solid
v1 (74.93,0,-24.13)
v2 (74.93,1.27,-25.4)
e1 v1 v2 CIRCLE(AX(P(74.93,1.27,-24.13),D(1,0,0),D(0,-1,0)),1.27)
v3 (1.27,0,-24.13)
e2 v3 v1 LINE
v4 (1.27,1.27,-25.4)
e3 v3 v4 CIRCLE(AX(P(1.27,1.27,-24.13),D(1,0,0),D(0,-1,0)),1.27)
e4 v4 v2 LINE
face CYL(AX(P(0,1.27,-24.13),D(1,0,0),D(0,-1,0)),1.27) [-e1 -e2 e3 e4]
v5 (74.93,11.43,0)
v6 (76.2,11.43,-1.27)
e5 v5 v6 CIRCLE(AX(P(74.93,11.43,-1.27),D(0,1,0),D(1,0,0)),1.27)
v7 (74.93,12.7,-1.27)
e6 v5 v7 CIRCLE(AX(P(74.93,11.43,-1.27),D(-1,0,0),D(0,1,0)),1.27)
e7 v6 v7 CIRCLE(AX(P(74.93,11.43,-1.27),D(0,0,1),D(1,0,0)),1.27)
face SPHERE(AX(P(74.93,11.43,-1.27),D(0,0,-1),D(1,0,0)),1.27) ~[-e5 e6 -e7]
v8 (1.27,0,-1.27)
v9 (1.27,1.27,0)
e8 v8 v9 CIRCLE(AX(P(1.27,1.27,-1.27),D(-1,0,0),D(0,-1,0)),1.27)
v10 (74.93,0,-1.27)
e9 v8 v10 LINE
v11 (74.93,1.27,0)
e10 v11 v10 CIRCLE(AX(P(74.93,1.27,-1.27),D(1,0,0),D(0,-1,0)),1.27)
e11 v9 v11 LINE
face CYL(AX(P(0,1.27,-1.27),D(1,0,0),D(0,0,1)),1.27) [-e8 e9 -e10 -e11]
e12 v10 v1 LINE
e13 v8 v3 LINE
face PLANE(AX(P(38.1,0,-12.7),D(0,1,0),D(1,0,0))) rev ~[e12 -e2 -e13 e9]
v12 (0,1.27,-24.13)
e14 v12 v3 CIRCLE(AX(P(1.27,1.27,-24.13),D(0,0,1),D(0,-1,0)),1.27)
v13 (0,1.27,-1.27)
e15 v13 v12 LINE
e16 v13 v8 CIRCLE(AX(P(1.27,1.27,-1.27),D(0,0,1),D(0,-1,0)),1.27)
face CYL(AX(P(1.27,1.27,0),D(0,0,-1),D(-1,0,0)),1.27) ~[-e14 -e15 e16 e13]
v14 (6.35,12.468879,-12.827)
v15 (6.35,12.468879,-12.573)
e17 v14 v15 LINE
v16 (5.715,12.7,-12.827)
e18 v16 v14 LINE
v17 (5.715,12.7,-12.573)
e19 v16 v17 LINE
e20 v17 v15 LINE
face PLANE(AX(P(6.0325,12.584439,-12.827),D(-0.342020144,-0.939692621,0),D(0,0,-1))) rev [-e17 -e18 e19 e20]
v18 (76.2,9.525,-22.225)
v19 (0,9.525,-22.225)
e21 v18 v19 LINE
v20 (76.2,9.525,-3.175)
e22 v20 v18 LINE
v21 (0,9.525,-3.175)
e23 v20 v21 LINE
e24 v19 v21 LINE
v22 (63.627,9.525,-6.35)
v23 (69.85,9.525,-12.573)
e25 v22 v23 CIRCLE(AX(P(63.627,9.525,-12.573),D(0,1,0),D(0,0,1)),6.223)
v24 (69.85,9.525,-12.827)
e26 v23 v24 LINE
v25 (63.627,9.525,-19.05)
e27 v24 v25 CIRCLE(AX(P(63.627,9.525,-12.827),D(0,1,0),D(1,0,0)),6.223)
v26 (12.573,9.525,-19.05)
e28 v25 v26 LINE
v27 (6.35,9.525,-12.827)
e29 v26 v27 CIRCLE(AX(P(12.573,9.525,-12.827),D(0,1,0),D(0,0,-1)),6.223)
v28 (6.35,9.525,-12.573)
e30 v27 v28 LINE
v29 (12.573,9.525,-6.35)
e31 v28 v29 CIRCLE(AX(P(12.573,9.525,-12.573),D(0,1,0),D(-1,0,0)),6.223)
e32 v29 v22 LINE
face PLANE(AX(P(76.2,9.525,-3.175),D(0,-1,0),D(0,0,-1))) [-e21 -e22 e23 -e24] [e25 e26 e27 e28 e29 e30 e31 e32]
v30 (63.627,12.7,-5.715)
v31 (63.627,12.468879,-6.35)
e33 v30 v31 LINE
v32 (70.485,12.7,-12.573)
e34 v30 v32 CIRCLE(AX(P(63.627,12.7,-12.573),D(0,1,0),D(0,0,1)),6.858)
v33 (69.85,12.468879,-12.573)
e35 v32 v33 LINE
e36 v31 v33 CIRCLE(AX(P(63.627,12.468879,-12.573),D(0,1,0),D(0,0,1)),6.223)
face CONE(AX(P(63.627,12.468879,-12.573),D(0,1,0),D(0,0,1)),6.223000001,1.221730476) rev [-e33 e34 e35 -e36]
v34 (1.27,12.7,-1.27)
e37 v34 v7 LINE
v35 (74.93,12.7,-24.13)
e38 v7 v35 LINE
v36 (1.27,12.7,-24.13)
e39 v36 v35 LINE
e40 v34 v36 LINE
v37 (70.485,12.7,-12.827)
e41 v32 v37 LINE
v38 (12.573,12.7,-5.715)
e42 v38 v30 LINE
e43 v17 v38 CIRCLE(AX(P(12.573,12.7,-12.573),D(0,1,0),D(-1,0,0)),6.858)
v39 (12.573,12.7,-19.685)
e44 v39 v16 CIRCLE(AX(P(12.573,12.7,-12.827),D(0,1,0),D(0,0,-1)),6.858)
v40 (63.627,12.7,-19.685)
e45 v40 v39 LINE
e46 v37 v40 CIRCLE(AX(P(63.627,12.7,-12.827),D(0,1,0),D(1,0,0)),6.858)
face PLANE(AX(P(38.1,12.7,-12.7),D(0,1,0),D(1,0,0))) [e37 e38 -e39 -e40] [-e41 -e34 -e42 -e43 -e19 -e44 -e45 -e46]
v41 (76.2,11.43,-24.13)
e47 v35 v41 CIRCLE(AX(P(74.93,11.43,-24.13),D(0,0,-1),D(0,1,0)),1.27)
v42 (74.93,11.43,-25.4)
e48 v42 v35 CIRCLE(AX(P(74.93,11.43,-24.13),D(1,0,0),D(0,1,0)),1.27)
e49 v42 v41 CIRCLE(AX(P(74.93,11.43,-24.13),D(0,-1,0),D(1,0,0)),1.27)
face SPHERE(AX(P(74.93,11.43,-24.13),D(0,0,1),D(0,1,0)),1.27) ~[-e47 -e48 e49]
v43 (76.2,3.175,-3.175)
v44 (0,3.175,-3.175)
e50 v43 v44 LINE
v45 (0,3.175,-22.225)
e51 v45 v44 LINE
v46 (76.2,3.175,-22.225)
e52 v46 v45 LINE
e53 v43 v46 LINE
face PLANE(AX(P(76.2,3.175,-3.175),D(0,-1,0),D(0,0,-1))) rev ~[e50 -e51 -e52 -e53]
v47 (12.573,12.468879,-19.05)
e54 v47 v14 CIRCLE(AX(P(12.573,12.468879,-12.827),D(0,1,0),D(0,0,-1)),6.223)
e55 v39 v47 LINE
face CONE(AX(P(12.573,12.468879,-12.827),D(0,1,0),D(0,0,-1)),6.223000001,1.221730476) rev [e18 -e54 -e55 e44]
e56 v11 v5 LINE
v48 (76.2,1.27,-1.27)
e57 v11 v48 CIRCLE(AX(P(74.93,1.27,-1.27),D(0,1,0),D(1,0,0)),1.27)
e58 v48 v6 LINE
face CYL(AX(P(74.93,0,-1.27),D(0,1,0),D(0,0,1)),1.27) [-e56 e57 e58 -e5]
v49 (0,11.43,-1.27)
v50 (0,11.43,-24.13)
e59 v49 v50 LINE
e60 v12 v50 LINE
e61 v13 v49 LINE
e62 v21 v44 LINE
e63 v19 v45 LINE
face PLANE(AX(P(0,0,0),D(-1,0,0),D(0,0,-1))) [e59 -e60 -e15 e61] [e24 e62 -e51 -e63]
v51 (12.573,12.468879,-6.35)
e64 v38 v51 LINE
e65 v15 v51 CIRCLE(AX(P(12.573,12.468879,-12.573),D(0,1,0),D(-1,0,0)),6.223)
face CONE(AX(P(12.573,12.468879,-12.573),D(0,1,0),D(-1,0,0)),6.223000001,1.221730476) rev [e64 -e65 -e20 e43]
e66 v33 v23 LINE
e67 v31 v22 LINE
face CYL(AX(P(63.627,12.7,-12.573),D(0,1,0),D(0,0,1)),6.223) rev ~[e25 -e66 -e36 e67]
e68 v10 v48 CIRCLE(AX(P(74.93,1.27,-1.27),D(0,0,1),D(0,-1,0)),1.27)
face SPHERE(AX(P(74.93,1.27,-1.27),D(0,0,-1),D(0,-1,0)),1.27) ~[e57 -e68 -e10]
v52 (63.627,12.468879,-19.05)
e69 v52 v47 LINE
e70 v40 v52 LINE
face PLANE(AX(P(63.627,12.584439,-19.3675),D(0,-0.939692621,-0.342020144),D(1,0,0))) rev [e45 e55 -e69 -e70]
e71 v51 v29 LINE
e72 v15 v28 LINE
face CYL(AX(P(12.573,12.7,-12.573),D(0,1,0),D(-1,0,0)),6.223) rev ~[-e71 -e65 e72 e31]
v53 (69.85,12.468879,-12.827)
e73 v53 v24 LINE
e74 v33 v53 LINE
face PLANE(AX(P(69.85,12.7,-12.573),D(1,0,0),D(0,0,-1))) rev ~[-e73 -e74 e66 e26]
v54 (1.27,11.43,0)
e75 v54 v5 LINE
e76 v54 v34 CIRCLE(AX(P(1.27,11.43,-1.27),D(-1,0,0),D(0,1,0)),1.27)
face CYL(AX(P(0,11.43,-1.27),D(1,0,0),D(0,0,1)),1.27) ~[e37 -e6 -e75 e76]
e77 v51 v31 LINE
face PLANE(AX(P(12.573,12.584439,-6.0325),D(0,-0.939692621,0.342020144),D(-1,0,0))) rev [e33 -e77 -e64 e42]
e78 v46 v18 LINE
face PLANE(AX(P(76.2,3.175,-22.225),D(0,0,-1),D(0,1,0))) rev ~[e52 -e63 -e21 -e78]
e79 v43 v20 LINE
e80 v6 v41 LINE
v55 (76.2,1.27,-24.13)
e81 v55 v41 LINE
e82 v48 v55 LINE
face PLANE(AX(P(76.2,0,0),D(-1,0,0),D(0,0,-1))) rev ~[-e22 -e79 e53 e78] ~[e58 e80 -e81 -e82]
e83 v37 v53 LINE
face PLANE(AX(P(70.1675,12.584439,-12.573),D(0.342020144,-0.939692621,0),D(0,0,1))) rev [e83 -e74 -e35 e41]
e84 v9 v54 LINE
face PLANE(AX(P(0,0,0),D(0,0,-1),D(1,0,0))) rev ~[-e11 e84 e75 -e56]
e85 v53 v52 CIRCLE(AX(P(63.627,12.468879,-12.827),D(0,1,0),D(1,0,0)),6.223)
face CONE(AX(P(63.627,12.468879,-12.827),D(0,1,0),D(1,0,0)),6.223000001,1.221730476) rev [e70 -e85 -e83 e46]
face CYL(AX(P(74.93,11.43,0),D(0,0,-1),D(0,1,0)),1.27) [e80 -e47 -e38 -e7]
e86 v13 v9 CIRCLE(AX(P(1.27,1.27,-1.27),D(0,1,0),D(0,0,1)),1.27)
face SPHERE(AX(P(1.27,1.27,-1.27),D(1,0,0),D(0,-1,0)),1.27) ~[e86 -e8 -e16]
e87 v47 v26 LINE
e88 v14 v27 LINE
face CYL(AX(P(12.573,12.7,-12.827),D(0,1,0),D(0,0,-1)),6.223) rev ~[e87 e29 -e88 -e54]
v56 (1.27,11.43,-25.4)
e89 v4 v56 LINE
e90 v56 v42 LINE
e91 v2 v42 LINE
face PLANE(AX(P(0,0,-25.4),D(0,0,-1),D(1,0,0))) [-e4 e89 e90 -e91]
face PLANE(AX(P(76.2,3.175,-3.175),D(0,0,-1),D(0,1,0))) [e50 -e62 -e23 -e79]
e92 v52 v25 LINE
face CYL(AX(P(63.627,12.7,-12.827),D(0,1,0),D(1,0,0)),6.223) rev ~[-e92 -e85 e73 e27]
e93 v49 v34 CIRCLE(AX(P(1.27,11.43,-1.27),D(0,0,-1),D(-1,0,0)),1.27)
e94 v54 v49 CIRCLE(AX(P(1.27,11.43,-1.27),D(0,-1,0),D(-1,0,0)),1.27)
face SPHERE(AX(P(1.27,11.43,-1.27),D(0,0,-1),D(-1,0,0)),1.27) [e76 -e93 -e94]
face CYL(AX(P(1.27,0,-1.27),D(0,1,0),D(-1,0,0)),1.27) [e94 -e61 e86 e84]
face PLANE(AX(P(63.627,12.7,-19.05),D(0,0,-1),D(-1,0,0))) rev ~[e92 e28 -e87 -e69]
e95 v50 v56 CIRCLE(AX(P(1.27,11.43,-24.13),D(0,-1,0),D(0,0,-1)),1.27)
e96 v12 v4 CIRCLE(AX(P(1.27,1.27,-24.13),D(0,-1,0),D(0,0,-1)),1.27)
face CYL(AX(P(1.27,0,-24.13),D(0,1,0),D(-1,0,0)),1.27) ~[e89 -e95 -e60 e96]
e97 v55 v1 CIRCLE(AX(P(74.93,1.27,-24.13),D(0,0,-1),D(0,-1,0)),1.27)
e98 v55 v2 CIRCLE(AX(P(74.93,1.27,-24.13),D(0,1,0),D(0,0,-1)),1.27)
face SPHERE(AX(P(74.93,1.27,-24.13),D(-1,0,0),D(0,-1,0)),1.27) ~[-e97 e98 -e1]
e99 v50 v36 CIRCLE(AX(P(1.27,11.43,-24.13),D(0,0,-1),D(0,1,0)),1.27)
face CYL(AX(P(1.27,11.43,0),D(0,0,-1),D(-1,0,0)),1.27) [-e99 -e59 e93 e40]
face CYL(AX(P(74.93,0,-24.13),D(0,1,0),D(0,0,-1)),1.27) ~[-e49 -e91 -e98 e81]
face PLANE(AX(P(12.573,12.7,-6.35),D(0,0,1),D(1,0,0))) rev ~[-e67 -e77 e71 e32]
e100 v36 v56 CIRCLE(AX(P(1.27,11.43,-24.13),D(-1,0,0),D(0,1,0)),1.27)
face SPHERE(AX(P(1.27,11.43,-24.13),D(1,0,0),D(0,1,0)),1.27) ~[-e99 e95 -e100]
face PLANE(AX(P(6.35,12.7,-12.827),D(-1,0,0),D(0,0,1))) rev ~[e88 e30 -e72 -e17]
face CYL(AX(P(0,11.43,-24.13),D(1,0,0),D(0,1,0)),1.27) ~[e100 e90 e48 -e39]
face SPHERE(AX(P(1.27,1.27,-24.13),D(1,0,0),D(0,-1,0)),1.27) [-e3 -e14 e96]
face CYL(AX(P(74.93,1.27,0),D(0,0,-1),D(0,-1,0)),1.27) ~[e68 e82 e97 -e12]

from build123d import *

# Parameters (mm, degrees)
SKETCH1_W           = 76.2
SKETCH1_H           = 25.4
BOSS_EXTRUDE1_DEPTH = 12.7
SKETCH2_W           = 19.05
SKETCH2_H           = 6.35
CUT_EXTRUDE1_DEPTH  = 82.319677815
CUT_EXTRUDE2_DEPTH  = 3.175
FILLET1_R           = 1.27
CHAMFER1_SIZE       = 0.635
CHAMFER1_SIZE2      = 0.231121099


with BuildPart() as part:
    # Sketch1 → Boss-Extrude1 (new body)
    with BuildSketch(Plane(origin=(0, 0, 0), x_dir=(1, 0, 0), z_dir=(0, 1, 0))):
        with Locations((38.1, 12.7)):
            Rectangle(SKETCH1_W, SKETCH1_H)
    extrude(amount=BOSS_EXTRUDE1_DEPTH)

    # Sketch2 → Cut-Extrude1 (cut, through all)
    with BuildSketch(Plane(origin=(76.2, 0, 0), x_dir=(0, 0, -1), z_dir=(1, 0, 0))):
        with Locations((12.7, 6.35)):
            Rectangle(SKETCH2_W, SKETCH2_H)
    extrude(amount=-CUT_EXTRUDE1_DEPTH, mode=Mode.SUBTRACT)

    # Sketch3 → Cut-Extrude2 (cut)
    with BuildSketch(Plane(origin=(0, 12.7, 0), x_dir=(1, 0, 0), z_dir=(0, 1, 0))):
        with BuildLine():
            Line((12.573, 6.35), (63.627, 6.35))
            ThreePointArc((63.627, 6.35), (68.027325499, 8.172674501), (69.85, 12.573))
            Line((69.85, 12.573), (69.85, 12.827))
            ThreePointArc((69.85, 12.827), (68.027325499, 17.227325499), (63.627, 19.05))
            Line((63.627, 19.05), (12.573, 19.05))
            ThreePointArc((12.573, 19.05), (8.172674501, 17.227325499), (6.35, 12.827))
            Line((6.35, 12.827), (6.35, 12.573))
            ThreePointArc((6.35, 12.573), (8.172674501, 8.172674501), (12.573, 6.35))
        make_face()
    extrude(amount=-CUT_EXTRUDE2_DEPTH, mode=Mode.SUBTRACT)

    # Fillet1
    fillet1_edges = [part.edges().sort_by_distance(p)[0] for p in [
        (76.2, 12.7, -12.7),
        (38.1, 12.7, -25.4),
        (0, 12.7, -12.7),
        (38.1, 0, -25.4),
        (76.2, 0, -12.7),
        (38.1, 0, 0),
        (0, 0, -12.7),
        (0, 6.35, -25.4),
        (76.2, 6.35, -25.4),
        (76.2, 6.35, 0),
        (0, 6.35, 0),
        (38.1, 12.7, 0),
    ]]
    fillet(fillet1_edges, radius=FILLET1_R)

    # Chamfer1
    chamfer1_edges = [part.edges().sort_by_distance(p)[0] for p in [
        (68.027325499, 12.7, -17.227325499),
        (38.1, 12.7, -19.05),
        (8.172674501, 12.7, -17.227325499),
        (6.35, 12.7, -12.7),
        (8.172674501, 12.7, -8.172674501),
        (38.1, 12.7, -6.35),
        (68.027325499, 12.7, -8.172674501),
        (69.85, 12.7, -12.7),
    ]]
    chamfer1_side = [part.faces().sort_by_distance(p)[0] for p in [
        (74.158742896, 12.7, -12.7),
    ]]
    chamfer(chamfer1_edges, length=CHAMFER1_SIZE, length2=CHAMFER1_SIZE2, reference=chamfer1_side[0])


solid = part.part
